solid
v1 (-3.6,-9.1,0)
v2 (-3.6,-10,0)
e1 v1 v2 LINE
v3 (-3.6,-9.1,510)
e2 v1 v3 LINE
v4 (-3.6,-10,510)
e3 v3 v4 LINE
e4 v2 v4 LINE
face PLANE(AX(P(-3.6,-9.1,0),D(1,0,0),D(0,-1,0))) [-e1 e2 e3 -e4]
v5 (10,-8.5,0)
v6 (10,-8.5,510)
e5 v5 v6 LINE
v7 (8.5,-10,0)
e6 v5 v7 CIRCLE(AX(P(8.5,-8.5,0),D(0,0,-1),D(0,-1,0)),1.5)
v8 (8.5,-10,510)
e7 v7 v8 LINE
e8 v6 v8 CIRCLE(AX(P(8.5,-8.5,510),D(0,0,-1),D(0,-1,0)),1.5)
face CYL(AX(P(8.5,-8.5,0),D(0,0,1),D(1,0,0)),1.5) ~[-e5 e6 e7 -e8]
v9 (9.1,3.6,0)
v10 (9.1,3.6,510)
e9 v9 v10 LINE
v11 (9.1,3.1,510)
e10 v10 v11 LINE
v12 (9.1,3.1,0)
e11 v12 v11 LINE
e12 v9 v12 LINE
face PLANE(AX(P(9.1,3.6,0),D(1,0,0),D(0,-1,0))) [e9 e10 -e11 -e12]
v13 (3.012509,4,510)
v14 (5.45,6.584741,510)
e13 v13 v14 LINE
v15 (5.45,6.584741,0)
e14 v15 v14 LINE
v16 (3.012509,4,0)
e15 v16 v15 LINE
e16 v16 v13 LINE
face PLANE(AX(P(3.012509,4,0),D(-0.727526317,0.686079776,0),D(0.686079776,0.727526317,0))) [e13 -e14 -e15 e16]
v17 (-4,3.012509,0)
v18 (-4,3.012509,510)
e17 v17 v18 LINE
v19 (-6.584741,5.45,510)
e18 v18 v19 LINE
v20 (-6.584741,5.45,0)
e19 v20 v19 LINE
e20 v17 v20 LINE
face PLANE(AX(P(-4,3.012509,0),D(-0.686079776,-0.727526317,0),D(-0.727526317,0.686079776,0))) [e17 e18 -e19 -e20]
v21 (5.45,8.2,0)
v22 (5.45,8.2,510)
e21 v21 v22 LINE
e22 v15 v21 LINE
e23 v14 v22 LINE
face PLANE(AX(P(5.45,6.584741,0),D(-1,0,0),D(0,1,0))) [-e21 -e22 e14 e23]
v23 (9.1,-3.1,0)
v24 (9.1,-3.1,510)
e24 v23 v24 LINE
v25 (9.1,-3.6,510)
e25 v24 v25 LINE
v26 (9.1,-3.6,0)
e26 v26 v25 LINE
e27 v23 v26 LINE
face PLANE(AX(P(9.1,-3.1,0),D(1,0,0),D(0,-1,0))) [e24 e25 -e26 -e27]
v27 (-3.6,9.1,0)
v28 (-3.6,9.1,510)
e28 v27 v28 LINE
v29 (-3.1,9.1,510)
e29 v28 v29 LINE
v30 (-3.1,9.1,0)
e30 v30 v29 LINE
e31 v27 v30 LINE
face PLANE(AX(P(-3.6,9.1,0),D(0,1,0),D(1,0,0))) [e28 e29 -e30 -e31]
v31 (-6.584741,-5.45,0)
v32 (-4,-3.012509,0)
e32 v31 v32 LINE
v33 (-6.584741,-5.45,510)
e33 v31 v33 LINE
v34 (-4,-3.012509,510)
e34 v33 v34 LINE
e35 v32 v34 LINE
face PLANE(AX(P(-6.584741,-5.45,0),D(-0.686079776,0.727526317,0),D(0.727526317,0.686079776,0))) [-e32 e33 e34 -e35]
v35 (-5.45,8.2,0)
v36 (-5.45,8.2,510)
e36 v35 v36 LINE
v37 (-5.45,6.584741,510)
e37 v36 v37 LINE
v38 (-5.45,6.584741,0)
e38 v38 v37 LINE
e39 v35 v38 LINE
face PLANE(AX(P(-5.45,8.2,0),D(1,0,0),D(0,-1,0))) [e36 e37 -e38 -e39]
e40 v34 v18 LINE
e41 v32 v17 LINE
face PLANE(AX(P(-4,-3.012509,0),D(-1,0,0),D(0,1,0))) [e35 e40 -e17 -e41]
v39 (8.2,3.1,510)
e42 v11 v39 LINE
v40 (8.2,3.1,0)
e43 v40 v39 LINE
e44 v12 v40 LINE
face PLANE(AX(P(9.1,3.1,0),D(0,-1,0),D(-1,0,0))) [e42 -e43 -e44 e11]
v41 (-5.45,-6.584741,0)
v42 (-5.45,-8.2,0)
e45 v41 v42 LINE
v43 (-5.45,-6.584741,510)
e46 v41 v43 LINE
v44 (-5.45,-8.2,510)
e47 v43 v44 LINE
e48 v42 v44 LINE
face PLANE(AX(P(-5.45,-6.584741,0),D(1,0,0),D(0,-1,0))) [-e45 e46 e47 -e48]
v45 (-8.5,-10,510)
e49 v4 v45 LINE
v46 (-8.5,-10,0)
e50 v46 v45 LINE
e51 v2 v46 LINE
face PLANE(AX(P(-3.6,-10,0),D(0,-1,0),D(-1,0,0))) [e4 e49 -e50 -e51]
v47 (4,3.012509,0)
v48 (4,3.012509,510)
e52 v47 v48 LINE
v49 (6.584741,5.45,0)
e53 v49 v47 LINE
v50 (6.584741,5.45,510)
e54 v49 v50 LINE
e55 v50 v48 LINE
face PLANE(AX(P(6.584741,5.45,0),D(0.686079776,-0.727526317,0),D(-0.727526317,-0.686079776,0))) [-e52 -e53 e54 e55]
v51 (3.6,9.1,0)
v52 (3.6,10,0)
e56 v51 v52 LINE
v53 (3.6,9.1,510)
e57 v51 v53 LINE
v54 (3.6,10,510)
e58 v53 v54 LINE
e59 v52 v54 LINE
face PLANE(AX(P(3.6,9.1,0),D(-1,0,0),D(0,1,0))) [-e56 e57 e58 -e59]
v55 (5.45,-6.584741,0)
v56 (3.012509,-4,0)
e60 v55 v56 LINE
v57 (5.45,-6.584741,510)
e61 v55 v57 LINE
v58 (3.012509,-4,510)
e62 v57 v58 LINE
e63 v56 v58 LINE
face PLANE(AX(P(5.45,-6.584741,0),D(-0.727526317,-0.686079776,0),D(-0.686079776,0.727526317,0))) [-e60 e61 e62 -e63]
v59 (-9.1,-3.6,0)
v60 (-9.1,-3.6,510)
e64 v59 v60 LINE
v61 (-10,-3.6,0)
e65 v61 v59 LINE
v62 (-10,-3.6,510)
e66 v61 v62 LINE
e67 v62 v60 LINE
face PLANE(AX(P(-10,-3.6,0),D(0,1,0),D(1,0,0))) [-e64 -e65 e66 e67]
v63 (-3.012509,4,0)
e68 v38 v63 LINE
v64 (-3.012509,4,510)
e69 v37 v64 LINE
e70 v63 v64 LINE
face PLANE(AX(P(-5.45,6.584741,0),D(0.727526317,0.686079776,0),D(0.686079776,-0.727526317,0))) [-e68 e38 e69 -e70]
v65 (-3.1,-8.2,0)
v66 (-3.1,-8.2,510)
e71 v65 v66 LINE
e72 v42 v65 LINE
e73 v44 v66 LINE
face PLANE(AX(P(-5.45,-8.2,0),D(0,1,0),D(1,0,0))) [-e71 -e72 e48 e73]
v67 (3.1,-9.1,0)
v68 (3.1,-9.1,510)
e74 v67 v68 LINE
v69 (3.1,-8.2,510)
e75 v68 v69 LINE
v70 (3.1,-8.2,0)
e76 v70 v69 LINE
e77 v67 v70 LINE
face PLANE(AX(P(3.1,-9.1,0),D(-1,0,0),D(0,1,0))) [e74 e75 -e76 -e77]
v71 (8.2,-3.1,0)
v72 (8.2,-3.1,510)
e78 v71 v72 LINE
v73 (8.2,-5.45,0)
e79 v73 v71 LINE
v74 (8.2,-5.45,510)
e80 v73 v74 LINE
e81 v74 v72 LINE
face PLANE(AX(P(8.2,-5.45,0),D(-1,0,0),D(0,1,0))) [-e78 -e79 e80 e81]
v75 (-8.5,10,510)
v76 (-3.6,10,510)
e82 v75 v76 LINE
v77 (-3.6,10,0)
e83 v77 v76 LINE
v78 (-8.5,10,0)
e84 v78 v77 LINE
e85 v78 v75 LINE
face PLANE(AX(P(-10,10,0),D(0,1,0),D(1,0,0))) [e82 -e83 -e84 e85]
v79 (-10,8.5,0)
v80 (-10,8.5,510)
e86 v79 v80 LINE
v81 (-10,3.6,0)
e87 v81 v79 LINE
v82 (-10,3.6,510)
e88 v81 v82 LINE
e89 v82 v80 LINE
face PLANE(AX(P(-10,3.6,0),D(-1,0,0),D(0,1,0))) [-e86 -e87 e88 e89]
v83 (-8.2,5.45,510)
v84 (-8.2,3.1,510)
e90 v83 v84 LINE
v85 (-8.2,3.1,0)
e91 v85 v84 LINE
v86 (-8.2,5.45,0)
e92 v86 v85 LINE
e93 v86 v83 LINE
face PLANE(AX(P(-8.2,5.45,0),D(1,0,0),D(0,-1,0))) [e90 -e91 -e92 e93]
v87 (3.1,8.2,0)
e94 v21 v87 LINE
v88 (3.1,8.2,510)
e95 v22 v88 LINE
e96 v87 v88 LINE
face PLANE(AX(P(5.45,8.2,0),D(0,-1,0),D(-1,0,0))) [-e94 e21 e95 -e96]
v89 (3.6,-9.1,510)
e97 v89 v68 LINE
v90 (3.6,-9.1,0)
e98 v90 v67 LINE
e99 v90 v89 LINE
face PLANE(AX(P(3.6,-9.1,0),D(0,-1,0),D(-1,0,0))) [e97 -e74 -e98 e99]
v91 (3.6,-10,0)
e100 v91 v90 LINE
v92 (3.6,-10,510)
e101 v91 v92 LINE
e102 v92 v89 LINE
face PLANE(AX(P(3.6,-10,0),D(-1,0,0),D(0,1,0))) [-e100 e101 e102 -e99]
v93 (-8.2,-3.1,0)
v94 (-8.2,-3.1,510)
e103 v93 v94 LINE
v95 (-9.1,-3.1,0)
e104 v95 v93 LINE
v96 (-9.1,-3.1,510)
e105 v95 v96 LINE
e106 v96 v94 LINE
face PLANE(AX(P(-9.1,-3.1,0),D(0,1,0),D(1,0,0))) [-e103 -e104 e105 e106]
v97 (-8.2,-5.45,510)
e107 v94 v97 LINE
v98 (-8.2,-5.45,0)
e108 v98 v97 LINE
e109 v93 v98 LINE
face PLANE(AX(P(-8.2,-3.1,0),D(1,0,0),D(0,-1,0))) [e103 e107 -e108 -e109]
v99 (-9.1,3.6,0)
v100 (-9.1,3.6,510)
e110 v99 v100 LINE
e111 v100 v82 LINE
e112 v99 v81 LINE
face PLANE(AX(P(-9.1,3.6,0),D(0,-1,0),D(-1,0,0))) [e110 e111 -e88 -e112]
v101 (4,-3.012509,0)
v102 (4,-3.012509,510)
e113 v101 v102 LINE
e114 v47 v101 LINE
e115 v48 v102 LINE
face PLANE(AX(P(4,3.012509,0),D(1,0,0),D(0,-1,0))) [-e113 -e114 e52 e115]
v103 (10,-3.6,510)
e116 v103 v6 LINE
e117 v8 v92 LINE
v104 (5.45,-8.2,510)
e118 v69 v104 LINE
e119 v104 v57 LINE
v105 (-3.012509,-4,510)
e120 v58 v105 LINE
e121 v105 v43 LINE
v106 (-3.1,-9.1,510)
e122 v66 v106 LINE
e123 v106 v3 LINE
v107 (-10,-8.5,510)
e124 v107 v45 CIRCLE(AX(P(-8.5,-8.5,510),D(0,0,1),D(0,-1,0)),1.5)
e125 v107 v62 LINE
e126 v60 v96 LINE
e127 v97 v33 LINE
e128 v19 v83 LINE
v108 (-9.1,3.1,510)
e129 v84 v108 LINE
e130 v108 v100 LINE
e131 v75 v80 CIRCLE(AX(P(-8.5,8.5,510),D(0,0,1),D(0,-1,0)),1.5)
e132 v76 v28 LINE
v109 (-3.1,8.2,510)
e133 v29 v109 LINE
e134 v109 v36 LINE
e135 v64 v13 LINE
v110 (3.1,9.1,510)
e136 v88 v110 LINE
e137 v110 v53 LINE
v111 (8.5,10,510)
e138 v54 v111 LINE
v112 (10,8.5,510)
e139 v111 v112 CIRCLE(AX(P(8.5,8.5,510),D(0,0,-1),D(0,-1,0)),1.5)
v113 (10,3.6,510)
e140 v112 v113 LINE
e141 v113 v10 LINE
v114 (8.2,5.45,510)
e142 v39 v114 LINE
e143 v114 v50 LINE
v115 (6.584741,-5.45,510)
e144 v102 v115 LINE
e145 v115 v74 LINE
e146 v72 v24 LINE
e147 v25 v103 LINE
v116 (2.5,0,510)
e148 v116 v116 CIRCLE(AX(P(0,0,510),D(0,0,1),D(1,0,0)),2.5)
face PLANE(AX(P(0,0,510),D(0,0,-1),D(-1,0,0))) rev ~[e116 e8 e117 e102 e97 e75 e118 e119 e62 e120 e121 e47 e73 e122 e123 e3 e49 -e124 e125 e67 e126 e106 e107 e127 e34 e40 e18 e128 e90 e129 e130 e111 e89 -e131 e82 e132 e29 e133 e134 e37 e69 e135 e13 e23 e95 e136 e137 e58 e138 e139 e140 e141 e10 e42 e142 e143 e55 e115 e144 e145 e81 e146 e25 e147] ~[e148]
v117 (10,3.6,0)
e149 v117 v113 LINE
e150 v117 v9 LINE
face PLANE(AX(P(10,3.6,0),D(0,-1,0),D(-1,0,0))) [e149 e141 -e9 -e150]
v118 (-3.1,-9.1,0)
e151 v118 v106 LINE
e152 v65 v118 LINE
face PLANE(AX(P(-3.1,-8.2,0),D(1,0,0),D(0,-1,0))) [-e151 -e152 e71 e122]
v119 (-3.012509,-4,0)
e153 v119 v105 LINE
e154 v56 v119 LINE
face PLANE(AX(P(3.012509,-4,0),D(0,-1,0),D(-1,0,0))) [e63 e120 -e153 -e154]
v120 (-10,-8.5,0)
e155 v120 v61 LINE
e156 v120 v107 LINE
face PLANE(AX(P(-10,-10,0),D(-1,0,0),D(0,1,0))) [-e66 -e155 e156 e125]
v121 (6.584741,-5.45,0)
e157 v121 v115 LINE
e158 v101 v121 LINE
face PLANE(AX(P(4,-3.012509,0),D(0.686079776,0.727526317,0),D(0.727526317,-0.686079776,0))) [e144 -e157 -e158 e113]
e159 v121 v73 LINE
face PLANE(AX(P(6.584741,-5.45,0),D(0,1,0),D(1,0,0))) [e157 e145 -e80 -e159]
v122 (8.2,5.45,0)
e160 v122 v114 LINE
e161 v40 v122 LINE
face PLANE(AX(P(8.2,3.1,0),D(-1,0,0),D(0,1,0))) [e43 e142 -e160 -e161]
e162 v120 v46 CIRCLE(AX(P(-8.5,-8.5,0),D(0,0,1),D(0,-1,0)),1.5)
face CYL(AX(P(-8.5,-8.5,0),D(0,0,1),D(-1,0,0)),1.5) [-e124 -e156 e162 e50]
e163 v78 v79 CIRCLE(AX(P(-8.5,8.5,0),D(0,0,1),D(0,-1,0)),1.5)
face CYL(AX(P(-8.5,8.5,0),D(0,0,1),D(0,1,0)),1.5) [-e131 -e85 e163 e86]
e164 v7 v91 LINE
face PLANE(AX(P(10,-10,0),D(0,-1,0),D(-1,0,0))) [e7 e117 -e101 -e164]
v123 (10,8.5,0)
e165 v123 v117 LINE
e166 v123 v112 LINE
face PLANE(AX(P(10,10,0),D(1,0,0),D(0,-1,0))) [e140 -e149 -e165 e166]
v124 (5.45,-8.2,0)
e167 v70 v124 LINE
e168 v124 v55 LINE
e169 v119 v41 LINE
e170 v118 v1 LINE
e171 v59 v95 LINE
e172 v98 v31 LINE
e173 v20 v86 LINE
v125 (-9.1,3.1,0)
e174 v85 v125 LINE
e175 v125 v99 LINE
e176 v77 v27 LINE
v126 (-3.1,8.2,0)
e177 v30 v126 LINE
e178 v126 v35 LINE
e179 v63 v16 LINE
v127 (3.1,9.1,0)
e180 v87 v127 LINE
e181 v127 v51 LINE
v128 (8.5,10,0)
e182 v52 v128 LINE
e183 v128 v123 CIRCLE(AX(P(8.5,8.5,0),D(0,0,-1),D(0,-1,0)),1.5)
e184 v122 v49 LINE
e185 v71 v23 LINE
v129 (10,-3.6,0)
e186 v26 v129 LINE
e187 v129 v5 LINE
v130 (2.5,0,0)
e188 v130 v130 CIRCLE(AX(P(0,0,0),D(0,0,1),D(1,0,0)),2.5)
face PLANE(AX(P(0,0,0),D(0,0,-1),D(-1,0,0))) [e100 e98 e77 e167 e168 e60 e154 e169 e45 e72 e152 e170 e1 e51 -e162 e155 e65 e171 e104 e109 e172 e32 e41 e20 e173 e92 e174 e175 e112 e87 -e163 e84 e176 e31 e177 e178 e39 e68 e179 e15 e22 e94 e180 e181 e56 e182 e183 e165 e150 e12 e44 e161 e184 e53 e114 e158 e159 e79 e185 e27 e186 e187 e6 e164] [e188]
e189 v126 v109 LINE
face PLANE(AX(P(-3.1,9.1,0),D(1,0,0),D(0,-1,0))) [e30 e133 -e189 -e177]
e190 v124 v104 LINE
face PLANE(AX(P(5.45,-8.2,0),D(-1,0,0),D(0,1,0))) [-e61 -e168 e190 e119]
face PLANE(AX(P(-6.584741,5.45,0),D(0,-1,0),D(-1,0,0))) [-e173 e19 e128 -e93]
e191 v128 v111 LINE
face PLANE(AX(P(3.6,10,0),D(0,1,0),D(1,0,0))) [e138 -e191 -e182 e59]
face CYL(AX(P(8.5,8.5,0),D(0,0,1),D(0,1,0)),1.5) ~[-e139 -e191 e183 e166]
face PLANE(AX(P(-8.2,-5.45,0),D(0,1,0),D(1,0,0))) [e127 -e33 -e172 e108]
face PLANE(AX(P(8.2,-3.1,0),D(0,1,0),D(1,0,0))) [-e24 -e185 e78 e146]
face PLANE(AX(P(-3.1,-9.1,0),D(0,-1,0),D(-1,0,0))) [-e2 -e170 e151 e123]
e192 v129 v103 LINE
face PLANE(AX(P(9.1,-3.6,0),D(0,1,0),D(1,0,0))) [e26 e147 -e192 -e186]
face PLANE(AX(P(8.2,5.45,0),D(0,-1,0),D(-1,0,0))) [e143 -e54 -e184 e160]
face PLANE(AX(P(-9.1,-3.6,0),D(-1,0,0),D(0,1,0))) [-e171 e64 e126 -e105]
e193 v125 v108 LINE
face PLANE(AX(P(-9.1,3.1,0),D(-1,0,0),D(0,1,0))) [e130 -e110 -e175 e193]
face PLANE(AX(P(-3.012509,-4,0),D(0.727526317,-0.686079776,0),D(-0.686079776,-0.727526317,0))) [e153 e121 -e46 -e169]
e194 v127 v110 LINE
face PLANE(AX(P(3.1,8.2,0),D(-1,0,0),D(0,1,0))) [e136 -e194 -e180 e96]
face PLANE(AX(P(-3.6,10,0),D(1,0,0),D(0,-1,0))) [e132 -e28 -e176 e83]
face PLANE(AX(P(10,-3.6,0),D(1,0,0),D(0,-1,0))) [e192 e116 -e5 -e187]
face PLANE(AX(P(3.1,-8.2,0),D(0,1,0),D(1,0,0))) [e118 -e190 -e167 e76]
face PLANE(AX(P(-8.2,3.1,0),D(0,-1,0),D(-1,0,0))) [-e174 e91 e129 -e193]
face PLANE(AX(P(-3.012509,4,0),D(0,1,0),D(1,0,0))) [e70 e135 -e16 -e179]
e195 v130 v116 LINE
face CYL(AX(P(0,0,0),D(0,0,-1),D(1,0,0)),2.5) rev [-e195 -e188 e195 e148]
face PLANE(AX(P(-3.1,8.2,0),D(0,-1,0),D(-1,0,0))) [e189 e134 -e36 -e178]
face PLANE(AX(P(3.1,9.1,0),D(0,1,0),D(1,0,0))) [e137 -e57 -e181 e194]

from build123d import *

# Parameters (mm, degrees)
SKETCH_1_R      = 2.5
EXTRUDE_1_DEPTH = 510
FILLET_1_R      = 1.5


with BuildPart() as part:
    # 草图1 → 凸台-拉伸1 (new body)
    with BuildSketch(Plane.XY):
        Polygon((-3.012509258, 4), (3.012509258, 4), (5.45, 6.584741199), (5.45, 8.2), (3.1, 8.2), (3.1, 9.1), (3.6, 9.1), (3.6, 10), (10, 10), (10, 3.6), (9.1, 3.6), (9.1, 3.1), (8.2, 3.1), (8.2, 5.45), (6.584741199, 5.45), (4, 3.012509258), (4, -3.012509258), (6.584741199, -5.45), (8.2, -5.45), (8.2, -3.1), (9.1, -3.1), (9.1, -3.6), (10, -3.6), (10, -10), (3.6, -10), (3.6, -9.1), (3.1, -9.1), (3.1, -8.2), (5.45, -8.2), (5.45, -6.584741199), (3.012509258, -4), (-3.012509258, -4), (-5.45, -6.584741199), (-5.45, -8.2), (-3.1, -8.2), (-3.1, -9.1), (-3.6, -9.1), (-3.6, -10), (-10, -10), (-10, -3.6), (-9.1, -3.6), (-9.1, -3.1), (-8.2, -3.1), (-8.2, -5.45), (-6.584741199, -5.45), (-4, -3.012509258), (-4, 3.012509258), (-6.584741199, 5.45), (-8.2, 5.45), (-8.2, 3.1), (-9.1, 3.1), (-9.1, 3.6), (-10, 3.6), (-10, 10), (-3.6, 10), (-3.6, 9.1), (-3.1, 9.1), (-3.1, 8.2), (-5.45, 8.2), (-5.45, 6.584741199), align=None)
        Circle(SKETCH_1_R, mode=Mode.SUBTRACT)
    extrude(amount=EXTRUDE_1_DEPTH)

    # 圆角1
    fillet_1_edges = [part.edges().sort_by_distance(p)[0] for p in [
        (10, -10, 255),
        (-10, -10, 255),
        (-10, 10, 255),
        (10, 10, 255),
    ]]
    fillet(fillet_1_edges, radius=FILLET_1_R)


solid = part.part
